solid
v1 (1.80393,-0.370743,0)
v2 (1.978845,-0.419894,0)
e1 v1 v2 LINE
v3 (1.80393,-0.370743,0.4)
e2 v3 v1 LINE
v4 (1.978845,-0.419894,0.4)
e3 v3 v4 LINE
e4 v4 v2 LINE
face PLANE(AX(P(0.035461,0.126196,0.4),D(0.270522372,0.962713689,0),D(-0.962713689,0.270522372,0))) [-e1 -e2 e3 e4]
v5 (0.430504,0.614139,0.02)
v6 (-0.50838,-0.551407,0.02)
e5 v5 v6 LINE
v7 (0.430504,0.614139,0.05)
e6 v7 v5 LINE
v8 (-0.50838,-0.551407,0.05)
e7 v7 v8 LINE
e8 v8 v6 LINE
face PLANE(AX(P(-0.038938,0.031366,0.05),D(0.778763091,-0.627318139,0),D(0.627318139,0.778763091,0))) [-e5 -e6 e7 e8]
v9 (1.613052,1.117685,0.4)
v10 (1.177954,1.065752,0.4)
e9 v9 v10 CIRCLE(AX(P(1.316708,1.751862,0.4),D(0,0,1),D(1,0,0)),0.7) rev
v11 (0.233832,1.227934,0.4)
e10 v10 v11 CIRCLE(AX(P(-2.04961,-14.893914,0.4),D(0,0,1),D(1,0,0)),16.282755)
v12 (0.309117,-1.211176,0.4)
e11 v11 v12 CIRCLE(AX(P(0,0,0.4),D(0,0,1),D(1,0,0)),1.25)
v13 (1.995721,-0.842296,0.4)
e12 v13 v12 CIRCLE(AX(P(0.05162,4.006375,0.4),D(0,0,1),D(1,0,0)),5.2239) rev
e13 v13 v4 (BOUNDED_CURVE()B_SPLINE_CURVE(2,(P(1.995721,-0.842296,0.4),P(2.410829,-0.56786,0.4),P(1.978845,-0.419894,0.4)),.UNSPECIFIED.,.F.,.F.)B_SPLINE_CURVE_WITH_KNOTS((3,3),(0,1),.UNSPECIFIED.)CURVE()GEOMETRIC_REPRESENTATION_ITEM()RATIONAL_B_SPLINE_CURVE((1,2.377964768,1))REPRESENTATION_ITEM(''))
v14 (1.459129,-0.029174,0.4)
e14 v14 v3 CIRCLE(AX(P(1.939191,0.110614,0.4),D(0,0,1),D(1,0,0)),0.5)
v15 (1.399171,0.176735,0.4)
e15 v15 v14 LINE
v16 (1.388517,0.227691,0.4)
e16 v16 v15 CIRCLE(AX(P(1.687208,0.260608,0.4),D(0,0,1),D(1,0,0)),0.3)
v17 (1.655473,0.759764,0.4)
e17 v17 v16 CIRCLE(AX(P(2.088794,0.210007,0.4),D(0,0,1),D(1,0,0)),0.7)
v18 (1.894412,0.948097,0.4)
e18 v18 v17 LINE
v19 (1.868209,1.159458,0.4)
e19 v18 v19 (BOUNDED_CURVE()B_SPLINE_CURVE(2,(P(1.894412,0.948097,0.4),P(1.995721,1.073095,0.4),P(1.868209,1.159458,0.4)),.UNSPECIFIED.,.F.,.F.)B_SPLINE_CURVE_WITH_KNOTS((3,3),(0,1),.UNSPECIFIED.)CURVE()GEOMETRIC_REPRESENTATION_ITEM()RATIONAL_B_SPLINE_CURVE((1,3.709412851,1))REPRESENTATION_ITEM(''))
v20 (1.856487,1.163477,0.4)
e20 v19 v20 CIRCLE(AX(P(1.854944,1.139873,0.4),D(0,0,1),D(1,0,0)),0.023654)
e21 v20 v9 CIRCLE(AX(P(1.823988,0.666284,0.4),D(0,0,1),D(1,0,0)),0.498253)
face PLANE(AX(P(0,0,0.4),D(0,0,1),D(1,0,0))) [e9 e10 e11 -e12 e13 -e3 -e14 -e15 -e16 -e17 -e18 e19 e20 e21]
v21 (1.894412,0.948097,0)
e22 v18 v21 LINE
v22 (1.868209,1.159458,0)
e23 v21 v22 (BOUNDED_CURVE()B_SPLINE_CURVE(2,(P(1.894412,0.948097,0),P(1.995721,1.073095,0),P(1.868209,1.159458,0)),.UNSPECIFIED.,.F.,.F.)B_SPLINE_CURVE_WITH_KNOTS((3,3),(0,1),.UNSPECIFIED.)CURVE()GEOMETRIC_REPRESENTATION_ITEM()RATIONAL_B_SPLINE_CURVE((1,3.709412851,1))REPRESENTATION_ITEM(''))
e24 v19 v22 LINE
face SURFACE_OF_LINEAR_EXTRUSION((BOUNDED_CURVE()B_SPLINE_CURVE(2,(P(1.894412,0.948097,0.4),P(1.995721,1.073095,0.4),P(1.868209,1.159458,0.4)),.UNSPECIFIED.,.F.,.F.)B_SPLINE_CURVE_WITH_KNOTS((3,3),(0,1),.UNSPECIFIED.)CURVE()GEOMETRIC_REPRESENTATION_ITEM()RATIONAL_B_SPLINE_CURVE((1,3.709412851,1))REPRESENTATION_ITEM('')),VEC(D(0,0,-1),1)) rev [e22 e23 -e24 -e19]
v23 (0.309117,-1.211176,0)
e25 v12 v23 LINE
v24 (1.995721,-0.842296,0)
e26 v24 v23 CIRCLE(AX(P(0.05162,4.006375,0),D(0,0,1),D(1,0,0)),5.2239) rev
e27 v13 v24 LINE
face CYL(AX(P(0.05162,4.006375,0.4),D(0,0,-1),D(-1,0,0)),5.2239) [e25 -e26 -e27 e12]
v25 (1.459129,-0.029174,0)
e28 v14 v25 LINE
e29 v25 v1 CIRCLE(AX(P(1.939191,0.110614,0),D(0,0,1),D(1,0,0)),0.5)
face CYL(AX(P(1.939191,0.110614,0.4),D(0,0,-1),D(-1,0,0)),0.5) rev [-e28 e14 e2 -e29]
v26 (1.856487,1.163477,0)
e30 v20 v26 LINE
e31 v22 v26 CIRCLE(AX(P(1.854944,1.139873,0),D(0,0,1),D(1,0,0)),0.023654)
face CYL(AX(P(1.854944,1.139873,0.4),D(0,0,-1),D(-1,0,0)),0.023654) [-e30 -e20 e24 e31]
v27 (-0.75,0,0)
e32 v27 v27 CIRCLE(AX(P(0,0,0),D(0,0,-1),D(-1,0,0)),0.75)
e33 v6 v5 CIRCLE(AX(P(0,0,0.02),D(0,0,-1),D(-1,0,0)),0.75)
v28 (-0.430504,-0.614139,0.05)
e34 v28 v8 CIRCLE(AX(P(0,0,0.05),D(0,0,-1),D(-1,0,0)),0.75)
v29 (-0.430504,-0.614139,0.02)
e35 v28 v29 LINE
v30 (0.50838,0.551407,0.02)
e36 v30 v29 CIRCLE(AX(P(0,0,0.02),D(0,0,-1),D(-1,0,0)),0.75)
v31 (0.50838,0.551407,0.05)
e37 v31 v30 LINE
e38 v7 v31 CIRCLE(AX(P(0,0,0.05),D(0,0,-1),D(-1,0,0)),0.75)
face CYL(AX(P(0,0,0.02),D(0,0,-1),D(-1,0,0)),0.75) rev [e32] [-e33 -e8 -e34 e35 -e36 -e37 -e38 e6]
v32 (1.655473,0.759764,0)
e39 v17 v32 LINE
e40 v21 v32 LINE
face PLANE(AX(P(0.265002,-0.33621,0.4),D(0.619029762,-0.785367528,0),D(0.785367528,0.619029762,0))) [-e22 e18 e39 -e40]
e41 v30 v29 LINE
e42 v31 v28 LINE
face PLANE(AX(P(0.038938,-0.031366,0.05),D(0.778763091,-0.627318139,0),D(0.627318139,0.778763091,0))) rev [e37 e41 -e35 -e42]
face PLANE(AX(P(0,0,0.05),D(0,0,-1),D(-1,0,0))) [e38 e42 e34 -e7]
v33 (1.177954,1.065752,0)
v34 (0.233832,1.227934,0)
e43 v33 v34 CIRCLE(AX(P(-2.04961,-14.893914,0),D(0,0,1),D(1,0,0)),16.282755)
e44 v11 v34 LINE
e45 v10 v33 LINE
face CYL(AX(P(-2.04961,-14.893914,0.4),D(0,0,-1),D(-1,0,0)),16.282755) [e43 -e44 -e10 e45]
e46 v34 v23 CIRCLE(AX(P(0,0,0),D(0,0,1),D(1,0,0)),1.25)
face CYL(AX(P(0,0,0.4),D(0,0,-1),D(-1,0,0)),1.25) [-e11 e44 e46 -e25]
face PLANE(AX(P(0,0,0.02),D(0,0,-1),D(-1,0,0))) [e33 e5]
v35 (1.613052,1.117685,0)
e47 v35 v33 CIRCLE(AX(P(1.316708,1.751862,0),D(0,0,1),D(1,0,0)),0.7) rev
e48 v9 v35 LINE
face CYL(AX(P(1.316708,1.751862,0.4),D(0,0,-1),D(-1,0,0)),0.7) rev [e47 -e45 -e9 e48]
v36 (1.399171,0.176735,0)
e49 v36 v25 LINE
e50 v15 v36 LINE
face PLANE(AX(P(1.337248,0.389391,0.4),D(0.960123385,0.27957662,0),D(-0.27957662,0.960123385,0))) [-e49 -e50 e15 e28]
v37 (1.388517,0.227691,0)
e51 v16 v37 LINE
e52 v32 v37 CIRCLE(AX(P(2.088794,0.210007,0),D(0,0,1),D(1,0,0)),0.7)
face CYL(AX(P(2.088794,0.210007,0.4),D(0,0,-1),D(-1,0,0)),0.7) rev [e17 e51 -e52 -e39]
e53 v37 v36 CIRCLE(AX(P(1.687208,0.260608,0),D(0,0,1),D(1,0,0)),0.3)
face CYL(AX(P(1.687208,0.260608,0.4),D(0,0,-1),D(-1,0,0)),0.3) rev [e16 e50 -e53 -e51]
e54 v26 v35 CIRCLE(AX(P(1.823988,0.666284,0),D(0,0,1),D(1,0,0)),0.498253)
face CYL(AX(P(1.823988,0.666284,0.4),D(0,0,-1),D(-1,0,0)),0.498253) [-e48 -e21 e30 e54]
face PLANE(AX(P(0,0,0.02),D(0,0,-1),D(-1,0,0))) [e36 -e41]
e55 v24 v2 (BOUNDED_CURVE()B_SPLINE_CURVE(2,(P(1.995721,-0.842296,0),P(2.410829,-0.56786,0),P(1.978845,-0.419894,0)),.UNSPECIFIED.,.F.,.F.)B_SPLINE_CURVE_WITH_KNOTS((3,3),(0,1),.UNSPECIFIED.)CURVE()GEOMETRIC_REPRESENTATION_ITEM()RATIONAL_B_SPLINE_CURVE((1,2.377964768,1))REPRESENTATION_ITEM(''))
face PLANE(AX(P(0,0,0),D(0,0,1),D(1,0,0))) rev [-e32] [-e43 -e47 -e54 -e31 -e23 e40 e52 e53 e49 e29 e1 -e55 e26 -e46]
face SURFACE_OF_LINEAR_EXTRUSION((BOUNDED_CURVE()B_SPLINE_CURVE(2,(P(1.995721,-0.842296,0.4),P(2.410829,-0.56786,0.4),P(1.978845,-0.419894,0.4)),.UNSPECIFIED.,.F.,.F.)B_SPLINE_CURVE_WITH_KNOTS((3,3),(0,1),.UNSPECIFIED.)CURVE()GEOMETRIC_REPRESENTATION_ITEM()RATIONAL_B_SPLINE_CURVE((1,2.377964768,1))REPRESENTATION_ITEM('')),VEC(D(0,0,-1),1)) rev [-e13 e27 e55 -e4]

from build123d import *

# Parameters (mm, degrees)
BOSS_EXTRUDE1_DEPTH = 0.4
CUT_EXTRUDE1_DEPTH  = 0.02
CUT_EXTRUDE2_DEPTH  = 0.05


with BuildPart() as part:
    # Sketch1 → Boss-Extrude1 (new body)
    # profile 1 of 3: a face of its own
    with BuildSketch(Plane.XY):
        with BuildLine():
            Line((1.655472948, 0.75976417), (1.894411836, 0.948096738))
            add(Edge.make_bspline(
                [(1.894411836, 0.948096738), (1.995721098, 1.073095376), (1.868209238, 1.159457899)],
                knots=[0, 0, 0, 1, 1, 1], degree=2, weights=[1, 3.709412851, 1]))
            ThreePointArc((1.868209238, 1.159457899), (1.862616141, 1.162248589), (1.856487349, 1.163476835))
            ThreePointArc((1.856487349, 1.163476835), (1.731878841, 1.155950151), (1.613052317, 1.117685434))
            ThreePointArc((1.613052317, 1.117685434), (1.399671578, 1.056795841), (1.177954023, 1.065751723))
            ThreePointArc((1.177954023, 1.065751723), (0.707085833, 1.153787634), (0.233831734, 1.22793433))
            ThreePointArc((0.233831734, 1.22793433), (0.963013413, 0.796934857), (1.25, 0))
            ThreePointArc((1.25, 0), (0.987141366, -0.766845437), (0.309116921, -1.211175763))
            ThreePointArc((0.309116921, -1.211175763), (1.167763583, -1.096895018), (1.995721098, -0.842296251))
            add(Edge.make_bspline(
                [(1.995721098, -0.842296251), (2.410829332, -0.567859808), (1.978844778, -0.419894109)],
                knots=[0, 0, 0, 1, 1, 1], degree=2, weights=[1, 2.377964768, 1]))
            Line((1.978844778, -0.419894109), (1.803929697, -0.370743003))
            ThreePointArc((1.803929697, -0.370743003), (1.587306204, -0.244600422), (1.459129191, -0.029174468))
            Line((1.459129191, -0.029174468), (1.399170684, 0.176735325))
            ThreePointArc((1.399170684, 0.176735325), (1.392988311, 0.201999854), (1.389017546, 0.227704936))
            ThreePointArc((1.389017546, 0.227704936), (1.462895228, 0.523457058), (1.655472948, 0.75976417))
        make_face()
        with BuildLine():
            ThreePointArc((1.387326929, 0.252151163), (1.387922531, 0.23991078), (1.389017546, 0.227704936))
            ThreePointArc((1.389017546, 0.227704936), (1.388794522, 0.208988882), (1.389071983, 0.190273556))
            Line((1.389071983, 0.190273556), (1.387326929, 0.252151163))
        make_face(mode=Mode.SUBTRACT)
    # profile 2 of 3: a face of its own
    with BuildSketch(Plane.XY):
        with BuildLine():
            ThreePointArc((1.389071983, 0.190273556), (1.388794522, 0.208988882), (1.389017546, 0.227704936))
            ThreePointArc((1.389017546, 0.227704936), (1.387922531, 0.23991078), (1.387326929, 0.252151163))
            Line((1.387326929, 0.252151163), (1.389071983, 0.190273556))
        make_face()
    # profile 3 of 3: a face of its own
    with BuildSketch(Plane.XY):
        with BuildLine():
            ThreePointArc((1.25, 0), (0.963013413, 0.796934857), (0.233831734, 1.22793433))
            ThreePointArc((0.233831734, 1.22793433), (-1.249404987, -0.038563937), (0.309116921, -1.211175763))
            ThreePointArc((0.309116921, -1.211175763), (0.987141366, -0.766845437), (1.25, 0))
        make_face()
    extrude(amount=BOSS_EXTRUDE1_DEPTH)

    # Sketch2 → Cut-Extrude1 (cut)
    with BuildSketch(Plane(origin=(0, 0, 0), x_dir=(-1, 0, 0), z_dir=(0, 0, -1))):
        with BuildLine():
            Line((0.430503755, -0.614138842), (-0.508380064, 0.551407028))
            ThreePointArc((-0.508380064, 0.551407028), (-0.584072319, -0.470488604), (0.430503755, -0.614138842))
        make_face()
        with BuildLine():
            ThreePointArc((0.75, 0), (0.346137389, 0.665348712), (-0.430503755, 0.614138842))
            Line((-0.430503755, 0.614138842), (0.508380064, -0.551407028))
            ThreePointArc((0.508380064, -0.551407028), (0.686944338, -0.301010757), (0.75, 0))
        make_face()
    extrude(amount=-CUT_EXTRUDE1_DEPTH, mode=Mode.SUBTRACT)

    # Sketch2<3> → Cut-Extrude2 (cut)
    with BuildSketch(Plane(origin=(0, 0, 0), x_dir=(-1, 0, 0), z_dir=(0, 0, -1))):
        with BuildLine():
            ThreePointArc((-0.430503755, 0.614138842), (-0.450746943, 0.599439065), (-0.470488604, 0.584072319))
            Line((-0.470488604, 0.584072319), (0.470488604, -0.584072319))
            ThreePointArc((0.470488604, -0.584072319), (0.489706772, -0.568055699), (0.508380064, -0.551407028))
            Line((0.508380064, -0.551407028), (-0.430503755, 0.614138842))
        make_face()
        with BuildLine():
            Line((0.470488604, -0.584072319), (-0.470488604, 0.584072319))
            ThreePointArc((-0.470488604, 0.584072319), (-0.489706772, 0.568055699), (-0.508380064, 0.551407028))
            Line((-0.508380064, 0.551407028), (0.430503755, -0.614138842))
            ThreePointArc((0.430503755, -0.614138842), (0.450746943, -0.599439065), (0.470488604, -0.584072319))
        make_face()
    extrude(amount=-CUT_EXTRUDE2_DEPTH, mode=Mode.SUBTRACT)


solid = part.part
